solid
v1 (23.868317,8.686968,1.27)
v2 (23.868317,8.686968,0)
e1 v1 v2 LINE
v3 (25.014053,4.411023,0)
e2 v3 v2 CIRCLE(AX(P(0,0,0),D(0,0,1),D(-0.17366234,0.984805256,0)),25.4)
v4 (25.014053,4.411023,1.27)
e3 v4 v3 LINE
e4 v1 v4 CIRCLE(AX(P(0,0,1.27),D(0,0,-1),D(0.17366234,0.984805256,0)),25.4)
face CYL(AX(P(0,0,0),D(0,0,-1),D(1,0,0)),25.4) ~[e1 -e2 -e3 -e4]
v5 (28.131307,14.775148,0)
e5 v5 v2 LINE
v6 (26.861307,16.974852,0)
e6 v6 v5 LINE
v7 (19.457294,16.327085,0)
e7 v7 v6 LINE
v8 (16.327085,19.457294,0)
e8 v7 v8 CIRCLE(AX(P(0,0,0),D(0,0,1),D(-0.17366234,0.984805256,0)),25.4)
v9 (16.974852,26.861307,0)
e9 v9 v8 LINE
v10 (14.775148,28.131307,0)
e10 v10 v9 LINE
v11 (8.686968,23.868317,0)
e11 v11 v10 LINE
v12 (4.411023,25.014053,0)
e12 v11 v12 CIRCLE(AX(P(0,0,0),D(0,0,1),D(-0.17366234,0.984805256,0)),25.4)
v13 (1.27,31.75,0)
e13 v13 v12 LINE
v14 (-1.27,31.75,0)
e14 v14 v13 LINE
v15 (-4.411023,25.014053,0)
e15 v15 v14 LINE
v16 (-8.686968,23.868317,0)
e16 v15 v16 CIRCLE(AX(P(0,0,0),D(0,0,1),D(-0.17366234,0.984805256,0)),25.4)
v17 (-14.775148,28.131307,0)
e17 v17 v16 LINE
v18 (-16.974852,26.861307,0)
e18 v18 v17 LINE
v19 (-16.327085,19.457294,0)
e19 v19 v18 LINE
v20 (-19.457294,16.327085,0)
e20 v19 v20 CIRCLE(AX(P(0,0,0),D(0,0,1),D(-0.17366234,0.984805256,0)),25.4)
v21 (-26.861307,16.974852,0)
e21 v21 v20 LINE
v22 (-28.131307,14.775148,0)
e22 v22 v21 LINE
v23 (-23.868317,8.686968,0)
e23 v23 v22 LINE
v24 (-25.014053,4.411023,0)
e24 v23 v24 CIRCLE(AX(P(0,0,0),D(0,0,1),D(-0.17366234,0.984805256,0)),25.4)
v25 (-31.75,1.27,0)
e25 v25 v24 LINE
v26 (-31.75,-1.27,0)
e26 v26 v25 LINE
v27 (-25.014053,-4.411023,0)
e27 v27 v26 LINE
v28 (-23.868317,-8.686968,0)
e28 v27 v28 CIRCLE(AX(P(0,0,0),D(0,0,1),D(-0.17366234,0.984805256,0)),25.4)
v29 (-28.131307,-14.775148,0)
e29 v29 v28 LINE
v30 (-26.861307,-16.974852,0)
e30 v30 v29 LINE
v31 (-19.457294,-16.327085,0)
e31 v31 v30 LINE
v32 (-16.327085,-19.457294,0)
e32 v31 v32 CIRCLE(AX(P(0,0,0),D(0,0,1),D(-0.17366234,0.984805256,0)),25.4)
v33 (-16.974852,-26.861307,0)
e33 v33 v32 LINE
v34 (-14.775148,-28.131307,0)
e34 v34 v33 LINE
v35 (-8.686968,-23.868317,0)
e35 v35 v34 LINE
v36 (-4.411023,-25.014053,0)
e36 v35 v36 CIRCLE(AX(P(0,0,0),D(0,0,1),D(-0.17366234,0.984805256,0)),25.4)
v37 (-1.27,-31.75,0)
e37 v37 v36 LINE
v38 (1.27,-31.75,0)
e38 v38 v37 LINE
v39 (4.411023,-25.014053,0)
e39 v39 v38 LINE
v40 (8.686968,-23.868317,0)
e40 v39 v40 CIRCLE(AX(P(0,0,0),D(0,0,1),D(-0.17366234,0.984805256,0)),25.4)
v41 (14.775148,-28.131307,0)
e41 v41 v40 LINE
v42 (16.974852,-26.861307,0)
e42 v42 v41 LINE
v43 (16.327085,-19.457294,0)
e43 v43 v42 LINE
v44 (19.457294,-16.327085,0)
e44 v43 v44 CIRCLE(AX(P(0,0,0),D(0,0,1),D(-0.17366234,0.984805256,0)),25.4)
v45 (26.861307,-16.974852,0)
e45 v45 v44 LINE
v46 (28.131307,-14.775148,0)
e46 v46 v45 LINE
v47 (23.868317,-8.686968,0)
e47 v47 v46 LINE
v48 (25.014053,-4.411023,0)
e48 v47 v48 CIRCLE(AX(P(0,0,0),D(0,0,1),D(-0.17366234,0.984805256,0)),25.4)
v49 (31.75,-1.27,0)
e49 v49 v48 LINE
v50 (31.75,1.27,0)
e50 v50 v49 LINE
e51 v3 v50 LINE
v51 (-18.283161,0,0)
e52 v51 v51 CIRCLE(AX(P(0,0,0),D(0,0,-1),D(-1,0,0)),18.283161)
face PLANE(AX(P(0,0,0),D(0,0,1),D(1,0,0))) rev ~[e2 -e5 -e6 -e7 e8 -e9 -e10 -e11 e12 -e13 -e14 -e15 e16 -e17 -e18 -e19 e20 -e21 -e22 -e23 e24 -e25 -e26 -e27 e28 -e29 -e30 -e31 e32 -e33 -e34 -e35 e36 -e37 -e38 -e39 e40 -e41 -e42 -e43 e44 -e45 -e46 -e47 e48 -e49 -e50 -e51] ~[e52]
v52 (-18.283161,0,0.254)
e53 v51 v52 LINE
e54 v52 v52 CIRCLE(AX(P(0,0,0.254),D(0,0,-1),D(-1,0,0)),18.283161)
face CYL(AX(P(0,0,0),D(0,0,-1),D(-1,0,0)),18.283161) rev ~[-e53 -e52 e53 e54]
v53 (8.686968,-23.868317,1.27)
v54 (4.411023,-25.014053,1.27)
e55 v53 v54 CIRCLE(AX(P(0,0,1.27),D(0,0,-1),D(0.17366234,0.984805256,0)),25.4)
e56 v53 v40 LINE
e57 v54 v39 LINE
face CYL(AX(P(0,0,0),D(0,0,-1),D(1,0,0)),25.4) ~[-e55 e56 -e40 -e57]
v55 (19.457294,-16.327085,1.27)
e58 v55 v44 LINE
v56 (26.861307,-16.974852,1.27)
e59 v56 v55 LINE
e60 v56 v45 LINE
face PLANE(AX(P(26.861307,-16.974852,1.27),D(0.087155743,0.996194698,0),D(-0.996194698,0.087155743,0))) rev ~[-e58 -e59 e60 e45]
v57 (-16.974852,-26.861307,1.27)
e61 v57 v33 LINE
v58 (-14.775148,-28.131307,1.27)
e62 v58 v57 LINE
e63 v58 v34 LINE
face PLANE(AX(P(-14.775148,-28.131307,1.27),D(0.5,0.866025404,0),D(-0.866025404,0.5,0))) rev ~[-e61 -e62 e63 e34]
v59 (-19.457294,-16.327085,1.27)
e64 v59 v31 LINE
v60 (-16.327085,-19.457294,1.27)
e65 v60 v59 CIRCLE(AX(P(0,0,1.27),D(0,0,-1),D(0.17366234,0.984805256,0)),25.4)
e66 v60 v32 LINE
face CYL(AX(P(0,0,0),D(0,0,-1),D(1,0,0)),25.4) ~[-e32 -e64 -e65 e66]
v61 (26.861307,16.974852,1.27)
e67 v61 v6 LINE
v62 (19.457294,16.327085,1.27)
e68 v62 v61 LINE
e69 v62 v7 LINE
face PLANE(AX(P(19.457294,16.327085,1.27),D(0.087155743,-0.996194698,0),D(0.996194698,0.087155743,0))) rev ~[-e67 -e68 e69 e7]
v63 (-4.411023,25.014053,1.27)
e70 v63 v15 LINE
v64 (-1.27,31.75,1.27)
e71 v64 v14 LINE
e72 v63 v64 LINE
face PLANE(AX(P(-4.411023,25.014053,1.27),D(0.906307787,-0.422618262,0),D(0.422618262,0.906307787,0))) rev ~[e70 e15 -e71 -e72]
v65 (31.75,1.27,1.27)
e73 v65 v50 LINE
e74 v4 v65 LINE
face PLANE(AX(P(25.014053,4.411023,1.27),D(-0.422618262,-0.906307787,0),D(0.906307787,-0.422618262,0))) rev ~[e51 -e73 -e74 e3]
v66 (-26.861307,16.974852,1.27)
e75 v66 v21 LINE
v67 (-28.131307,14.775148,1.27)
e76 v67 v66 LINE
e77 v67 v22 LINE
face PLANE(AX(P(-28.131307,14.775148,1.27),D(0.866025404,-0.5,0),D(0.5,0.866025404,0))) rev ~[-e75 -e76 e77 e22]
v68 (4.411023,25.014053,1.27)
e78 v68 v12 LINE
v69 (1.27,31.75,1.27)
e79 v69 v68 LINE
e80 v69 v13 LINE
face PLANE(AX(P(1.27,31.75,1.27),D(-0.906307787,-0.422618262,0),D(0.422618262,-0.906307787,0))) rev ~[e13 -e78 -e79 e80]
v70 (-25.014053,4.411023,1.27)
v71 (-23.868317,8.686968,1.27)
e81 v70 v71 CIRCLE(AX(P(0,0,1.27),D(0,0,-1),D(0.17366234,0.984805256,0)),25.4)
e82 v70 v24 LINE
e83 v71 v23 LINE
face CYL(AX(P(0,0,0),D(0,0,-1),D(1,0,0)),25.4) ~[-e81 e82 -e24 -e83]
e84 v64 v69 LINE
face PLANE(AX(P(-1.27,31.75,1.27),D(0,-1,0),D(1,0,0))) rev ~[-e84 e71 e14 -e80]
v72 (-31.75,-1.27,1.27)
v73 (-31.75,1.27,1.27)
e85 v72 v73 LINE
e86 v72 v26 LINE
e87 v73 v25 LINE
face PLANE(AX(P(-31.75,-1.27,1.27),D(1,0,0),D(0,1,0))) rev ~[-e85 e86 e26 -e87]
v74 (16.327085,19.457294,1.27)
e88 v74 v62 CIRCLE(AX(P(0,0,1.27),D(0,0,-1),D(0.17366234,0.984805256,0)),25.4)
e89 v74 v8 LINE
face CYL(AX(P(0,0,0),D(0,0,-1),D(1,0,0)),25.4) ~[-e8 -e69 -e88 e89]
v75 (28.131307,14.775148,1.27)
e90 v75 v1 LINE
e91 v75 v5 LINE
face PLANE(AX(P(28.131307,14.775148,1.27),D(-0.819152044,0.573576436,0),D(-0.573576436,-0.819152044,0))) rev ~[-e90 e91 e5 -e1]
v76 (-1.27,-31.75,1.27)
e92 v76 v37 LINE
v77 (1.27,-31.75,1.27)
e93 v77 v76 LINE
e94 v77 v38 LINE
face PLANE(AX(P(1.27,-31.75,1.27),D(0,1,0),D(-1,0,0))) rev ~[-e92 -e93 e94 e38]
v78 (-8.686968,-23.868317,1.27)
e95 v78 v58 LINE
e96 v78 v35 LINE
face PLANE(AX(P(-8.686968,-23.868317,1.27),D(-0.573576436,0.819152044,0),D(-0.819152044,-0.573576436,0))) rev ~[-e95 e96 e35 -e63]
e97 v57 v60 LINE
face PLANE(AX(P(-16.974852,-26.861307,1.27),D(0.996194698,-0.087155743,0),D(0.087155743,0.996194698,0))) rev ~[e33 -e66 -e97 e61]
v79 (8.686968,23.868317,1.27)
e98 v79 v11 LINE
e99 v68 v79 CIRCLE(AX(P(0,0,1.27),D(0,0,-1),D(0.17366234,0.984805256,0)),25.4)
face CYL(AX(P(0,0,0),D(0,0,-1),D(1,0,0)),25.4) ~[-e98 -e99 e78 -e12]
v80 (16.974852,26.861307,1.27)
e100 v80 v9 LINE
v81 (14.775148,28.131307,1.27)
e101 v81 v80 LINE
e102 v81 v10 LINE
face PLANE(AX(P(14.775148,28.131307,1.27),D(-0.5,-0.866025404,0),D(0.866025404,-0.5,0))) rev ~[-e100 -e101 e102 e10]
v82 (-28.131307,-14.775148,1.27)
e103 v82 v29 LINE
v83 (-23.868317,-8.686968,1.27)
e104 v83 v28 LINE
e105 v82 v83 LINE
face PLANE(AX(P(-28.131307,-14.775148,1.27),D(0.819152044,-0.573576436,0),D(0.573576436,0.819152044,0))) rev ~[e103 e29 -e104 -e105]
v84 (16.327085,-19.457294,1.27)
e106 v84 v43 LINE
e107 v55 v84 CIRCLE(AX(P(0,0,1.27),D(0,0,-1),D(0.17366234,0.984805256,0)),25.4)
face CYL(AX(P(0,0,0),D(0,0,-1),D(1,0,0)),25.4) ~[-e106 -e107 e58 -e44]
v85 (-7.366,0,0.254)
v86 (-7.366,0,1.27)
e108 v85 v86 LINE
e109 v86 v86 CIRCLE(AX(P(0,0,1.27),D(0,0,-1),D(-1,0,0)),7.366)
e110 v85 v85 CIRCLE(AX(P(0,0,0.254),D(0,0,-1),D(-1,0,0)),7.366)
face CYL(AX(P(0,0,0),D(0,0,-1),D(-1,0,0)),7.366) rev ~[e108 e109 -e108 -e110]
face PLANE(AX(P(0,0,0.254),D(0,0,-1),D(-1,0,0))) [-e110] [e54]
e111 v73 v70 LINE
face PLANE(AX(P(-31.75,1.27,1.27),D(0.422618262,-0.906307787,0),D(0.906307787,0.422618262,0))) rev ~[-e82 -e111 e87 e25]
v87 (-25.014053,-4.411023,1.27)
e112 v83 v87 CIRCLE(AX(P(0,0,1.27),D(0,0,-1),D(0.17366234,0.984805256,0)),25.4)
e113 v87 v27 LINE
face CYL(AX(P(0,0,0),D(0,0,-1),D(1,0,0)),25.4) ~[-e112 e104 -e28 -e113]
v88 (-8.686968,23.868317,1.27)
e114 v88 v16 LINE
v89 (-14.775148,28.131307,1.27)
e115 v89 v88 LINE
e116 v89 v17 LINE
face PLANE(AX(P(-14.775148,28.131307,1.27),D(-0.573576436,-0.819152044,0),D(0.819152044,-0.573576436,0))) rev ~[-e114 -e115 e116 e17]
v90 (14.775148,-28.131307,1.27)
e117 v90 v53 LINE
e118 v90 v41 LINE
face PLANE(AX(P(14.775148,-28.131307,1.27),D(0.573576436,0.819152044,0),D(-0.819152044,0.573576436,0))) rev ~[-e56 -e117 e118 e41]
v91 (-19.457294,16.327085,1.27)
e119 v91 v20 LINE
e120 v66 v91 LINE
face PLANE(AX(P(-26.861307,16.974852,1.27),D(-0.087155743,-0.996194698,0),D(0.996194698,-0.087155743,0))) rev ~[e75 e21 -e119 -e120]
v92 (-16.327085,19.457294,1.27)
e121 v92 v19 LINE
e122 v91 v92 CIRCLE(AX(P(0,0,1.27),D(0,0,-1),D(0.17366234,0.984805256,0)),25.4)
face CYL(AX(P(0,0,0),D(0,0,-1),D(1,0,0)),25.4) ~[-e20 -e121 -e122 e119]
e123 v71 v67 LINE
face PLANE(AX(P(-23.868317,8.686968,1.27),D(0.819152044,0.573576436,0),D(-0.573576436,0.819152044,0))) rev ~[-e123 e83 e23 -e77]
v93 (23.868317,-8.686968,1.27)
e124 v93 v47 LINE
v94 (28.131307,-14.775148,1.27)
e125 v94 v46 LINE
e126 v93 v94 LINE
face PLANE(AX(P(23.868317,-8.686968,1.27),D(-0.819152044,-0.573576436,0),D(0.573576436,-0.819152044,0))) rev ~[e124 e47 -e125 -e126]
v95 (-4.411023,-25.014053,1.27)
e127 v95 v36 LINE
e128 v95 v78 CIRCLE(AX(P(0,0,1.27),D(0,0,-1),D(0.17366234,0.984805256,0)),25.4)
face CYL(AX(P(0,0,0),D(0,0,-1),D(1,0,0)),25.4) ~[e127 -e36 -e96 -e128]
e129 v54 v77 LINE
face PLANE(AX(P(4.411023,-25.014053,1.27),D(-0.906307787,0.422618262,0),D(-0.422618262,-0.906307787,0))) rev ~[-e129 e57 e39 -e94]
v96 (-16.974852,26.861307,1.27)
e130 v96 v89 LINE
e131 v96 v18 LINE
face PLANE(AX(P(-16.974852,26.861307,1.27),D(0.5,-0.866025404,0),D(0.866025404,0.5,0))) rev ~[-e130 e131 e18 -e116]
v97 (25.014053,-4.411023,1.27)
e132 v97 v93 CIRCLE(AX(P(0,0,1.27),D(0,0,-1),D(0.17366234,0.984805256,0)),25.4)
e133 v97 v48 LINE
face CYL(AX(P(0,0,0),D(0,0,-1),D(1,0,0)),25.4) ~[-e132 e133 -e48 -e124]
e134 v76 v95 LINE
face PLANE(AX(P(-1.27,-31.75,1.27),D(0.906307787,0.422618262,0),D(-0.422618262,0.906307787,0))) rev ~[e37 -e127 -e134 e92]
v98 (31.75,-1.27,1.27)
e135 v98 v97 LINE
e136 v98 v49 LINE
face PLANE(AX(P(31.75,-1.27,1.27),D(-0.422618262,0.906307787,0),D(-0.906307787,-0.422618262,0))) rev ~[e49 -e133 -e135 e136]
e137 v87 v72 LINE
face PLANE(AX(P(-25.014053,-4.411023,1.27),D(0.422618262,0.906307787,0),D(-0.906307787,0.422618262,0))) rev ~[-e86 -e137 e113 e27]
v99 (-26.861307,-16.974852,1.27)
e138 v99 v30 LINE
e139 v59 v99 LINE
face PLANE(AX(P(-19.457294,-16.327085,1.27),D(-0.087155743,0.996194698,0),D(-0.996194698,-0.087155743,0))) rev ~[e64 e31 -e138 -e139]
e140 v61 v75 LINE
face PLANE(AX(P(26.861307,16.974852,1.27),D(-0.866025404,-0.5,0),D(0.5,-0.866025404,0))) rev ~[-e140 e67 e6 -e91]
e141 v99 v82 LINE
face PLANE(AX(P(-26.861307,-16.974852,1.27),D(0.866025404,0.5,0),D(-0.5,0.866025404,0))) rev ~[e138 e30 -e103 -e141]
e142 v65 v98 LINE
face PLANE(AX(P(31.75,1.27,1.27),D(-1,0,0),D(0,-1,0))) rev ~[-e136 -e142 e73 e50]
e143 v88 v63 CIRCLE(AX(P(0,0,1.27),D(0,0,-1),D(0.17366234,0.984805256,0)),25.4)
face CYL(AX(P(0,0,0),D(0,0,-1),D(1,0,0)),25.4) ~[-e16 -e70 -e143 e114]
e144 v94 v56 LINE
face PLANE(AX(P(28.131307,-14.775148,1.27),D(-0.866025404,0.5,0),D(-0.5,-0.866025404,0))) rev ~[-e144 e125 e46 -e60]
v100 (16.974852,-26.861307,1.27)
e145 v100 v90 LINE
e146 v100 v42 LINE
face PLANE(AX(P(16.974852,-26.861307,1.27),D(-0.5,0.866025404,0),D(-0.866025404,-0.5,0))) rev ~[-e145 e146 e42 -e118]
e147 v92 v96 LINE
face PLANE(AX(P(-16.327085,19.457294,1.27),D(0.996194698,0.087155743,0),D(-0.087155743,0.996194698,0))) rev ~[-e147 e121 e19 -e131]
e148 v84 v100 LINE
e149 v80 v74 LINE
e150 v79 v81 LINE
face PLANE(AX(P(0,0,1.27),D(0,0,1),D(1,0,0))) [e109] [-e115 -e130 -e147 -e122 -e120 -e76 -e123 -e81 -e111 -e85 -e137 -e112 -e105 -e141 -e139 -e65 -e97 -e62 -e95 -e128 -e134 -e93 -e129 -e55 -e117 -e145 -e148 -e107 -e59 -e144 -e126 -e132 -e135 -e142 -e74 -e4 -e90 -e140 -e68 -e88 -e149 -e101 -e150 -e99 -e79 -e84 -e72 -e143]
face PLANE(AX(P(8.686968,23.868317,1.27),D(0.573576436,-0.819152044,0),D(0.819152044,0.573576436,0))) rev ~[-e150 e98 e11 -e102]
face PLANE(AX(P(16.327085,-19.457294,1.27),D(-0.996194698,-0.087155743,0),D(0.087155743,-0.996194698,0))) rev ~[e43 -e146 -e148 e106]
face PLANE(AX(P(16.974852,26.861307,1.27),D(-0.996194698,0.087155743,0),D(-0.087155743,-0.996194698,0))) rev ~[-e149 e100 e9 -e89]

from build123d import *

# Parameters (mm, degrees)
SKETCH1_R           = 25.4
BOSS_EXTRUDE1_DEPTH = 1.27
BOSS_EXTRUDE2_DEPTH = 1.27
SKETCH3_R           = 7.366
CUT_EXTRUDE1_DEPTH  = 10
CIRPATTERN1_COUNT   = 12
SKETCH4_R           = 18.283160809
CUT_EXTRUDE2_DEPTH  = 0.254


with BuildPart() as part:
    # Sketch1 → Boss-Extrude1 (new body)
    with BuildSketch(Plane.XY):
        Circle(SKETCH1_R)
    extrude(amount=BOSS_EXTRUDE1_DEPTH)

    # Sketch2 → Boss-Extrude2 (add)
    with BuildSketch(Plane.XY.offset(1.27)):
        with BuildLine():
            Line((-1.27, 31.75), (1.27, 31.75))
            Line((1.27, 31.75), (4.411023441, 25.014053494))
            ThreePointArc((4.411023441, 25.014053494), (0, 25.4), (-4.411023441, 25.014053494))
            Line((-4.411023441, 25.014053494), (-1.27, 31.75))
        make_face()
    boss_extrude2 = extrude(amount=-BOSS_EXTRUDE2_DEPTH)

    # Sketch3 → Cut-Extrude1 (cut)
    with BuildSketch(Plane(origin=(0, 0, 0), x_dir=(-1, 0, 0), z_dir=(0, 0, -1))):
        Circle(SKETCH3_R)
    extrude(amount=-CUT_EXTRUDE1_DEPTH, mode=Mode.SUBTRACT)

    # CirPattern1: Boss-Extrude2 ×12 about axis
    cirpattern1_axis = Axis((0, 0, 0), (0, 0, 1))
    for i in range(1, CIRPATTERN1_COUNT):
        add(boss_extrude2.rotate(cirpattern1_axis, i * 360 / CIRPATTERN1_COUNT))

    # Sketch4 → Cut-Extrude2 (cut)
    with BuildSketch(Plane(origin=(0, 0, 0), x_dir=(-1, 0, 0), z_dir=(0, 0, -1))):
        Circle(SKETCH4_R)
    extrude(amount=-CUT_EXTRUDE2_DEPTH, mode=Mode.SUBTRACT)


solid = part.part
